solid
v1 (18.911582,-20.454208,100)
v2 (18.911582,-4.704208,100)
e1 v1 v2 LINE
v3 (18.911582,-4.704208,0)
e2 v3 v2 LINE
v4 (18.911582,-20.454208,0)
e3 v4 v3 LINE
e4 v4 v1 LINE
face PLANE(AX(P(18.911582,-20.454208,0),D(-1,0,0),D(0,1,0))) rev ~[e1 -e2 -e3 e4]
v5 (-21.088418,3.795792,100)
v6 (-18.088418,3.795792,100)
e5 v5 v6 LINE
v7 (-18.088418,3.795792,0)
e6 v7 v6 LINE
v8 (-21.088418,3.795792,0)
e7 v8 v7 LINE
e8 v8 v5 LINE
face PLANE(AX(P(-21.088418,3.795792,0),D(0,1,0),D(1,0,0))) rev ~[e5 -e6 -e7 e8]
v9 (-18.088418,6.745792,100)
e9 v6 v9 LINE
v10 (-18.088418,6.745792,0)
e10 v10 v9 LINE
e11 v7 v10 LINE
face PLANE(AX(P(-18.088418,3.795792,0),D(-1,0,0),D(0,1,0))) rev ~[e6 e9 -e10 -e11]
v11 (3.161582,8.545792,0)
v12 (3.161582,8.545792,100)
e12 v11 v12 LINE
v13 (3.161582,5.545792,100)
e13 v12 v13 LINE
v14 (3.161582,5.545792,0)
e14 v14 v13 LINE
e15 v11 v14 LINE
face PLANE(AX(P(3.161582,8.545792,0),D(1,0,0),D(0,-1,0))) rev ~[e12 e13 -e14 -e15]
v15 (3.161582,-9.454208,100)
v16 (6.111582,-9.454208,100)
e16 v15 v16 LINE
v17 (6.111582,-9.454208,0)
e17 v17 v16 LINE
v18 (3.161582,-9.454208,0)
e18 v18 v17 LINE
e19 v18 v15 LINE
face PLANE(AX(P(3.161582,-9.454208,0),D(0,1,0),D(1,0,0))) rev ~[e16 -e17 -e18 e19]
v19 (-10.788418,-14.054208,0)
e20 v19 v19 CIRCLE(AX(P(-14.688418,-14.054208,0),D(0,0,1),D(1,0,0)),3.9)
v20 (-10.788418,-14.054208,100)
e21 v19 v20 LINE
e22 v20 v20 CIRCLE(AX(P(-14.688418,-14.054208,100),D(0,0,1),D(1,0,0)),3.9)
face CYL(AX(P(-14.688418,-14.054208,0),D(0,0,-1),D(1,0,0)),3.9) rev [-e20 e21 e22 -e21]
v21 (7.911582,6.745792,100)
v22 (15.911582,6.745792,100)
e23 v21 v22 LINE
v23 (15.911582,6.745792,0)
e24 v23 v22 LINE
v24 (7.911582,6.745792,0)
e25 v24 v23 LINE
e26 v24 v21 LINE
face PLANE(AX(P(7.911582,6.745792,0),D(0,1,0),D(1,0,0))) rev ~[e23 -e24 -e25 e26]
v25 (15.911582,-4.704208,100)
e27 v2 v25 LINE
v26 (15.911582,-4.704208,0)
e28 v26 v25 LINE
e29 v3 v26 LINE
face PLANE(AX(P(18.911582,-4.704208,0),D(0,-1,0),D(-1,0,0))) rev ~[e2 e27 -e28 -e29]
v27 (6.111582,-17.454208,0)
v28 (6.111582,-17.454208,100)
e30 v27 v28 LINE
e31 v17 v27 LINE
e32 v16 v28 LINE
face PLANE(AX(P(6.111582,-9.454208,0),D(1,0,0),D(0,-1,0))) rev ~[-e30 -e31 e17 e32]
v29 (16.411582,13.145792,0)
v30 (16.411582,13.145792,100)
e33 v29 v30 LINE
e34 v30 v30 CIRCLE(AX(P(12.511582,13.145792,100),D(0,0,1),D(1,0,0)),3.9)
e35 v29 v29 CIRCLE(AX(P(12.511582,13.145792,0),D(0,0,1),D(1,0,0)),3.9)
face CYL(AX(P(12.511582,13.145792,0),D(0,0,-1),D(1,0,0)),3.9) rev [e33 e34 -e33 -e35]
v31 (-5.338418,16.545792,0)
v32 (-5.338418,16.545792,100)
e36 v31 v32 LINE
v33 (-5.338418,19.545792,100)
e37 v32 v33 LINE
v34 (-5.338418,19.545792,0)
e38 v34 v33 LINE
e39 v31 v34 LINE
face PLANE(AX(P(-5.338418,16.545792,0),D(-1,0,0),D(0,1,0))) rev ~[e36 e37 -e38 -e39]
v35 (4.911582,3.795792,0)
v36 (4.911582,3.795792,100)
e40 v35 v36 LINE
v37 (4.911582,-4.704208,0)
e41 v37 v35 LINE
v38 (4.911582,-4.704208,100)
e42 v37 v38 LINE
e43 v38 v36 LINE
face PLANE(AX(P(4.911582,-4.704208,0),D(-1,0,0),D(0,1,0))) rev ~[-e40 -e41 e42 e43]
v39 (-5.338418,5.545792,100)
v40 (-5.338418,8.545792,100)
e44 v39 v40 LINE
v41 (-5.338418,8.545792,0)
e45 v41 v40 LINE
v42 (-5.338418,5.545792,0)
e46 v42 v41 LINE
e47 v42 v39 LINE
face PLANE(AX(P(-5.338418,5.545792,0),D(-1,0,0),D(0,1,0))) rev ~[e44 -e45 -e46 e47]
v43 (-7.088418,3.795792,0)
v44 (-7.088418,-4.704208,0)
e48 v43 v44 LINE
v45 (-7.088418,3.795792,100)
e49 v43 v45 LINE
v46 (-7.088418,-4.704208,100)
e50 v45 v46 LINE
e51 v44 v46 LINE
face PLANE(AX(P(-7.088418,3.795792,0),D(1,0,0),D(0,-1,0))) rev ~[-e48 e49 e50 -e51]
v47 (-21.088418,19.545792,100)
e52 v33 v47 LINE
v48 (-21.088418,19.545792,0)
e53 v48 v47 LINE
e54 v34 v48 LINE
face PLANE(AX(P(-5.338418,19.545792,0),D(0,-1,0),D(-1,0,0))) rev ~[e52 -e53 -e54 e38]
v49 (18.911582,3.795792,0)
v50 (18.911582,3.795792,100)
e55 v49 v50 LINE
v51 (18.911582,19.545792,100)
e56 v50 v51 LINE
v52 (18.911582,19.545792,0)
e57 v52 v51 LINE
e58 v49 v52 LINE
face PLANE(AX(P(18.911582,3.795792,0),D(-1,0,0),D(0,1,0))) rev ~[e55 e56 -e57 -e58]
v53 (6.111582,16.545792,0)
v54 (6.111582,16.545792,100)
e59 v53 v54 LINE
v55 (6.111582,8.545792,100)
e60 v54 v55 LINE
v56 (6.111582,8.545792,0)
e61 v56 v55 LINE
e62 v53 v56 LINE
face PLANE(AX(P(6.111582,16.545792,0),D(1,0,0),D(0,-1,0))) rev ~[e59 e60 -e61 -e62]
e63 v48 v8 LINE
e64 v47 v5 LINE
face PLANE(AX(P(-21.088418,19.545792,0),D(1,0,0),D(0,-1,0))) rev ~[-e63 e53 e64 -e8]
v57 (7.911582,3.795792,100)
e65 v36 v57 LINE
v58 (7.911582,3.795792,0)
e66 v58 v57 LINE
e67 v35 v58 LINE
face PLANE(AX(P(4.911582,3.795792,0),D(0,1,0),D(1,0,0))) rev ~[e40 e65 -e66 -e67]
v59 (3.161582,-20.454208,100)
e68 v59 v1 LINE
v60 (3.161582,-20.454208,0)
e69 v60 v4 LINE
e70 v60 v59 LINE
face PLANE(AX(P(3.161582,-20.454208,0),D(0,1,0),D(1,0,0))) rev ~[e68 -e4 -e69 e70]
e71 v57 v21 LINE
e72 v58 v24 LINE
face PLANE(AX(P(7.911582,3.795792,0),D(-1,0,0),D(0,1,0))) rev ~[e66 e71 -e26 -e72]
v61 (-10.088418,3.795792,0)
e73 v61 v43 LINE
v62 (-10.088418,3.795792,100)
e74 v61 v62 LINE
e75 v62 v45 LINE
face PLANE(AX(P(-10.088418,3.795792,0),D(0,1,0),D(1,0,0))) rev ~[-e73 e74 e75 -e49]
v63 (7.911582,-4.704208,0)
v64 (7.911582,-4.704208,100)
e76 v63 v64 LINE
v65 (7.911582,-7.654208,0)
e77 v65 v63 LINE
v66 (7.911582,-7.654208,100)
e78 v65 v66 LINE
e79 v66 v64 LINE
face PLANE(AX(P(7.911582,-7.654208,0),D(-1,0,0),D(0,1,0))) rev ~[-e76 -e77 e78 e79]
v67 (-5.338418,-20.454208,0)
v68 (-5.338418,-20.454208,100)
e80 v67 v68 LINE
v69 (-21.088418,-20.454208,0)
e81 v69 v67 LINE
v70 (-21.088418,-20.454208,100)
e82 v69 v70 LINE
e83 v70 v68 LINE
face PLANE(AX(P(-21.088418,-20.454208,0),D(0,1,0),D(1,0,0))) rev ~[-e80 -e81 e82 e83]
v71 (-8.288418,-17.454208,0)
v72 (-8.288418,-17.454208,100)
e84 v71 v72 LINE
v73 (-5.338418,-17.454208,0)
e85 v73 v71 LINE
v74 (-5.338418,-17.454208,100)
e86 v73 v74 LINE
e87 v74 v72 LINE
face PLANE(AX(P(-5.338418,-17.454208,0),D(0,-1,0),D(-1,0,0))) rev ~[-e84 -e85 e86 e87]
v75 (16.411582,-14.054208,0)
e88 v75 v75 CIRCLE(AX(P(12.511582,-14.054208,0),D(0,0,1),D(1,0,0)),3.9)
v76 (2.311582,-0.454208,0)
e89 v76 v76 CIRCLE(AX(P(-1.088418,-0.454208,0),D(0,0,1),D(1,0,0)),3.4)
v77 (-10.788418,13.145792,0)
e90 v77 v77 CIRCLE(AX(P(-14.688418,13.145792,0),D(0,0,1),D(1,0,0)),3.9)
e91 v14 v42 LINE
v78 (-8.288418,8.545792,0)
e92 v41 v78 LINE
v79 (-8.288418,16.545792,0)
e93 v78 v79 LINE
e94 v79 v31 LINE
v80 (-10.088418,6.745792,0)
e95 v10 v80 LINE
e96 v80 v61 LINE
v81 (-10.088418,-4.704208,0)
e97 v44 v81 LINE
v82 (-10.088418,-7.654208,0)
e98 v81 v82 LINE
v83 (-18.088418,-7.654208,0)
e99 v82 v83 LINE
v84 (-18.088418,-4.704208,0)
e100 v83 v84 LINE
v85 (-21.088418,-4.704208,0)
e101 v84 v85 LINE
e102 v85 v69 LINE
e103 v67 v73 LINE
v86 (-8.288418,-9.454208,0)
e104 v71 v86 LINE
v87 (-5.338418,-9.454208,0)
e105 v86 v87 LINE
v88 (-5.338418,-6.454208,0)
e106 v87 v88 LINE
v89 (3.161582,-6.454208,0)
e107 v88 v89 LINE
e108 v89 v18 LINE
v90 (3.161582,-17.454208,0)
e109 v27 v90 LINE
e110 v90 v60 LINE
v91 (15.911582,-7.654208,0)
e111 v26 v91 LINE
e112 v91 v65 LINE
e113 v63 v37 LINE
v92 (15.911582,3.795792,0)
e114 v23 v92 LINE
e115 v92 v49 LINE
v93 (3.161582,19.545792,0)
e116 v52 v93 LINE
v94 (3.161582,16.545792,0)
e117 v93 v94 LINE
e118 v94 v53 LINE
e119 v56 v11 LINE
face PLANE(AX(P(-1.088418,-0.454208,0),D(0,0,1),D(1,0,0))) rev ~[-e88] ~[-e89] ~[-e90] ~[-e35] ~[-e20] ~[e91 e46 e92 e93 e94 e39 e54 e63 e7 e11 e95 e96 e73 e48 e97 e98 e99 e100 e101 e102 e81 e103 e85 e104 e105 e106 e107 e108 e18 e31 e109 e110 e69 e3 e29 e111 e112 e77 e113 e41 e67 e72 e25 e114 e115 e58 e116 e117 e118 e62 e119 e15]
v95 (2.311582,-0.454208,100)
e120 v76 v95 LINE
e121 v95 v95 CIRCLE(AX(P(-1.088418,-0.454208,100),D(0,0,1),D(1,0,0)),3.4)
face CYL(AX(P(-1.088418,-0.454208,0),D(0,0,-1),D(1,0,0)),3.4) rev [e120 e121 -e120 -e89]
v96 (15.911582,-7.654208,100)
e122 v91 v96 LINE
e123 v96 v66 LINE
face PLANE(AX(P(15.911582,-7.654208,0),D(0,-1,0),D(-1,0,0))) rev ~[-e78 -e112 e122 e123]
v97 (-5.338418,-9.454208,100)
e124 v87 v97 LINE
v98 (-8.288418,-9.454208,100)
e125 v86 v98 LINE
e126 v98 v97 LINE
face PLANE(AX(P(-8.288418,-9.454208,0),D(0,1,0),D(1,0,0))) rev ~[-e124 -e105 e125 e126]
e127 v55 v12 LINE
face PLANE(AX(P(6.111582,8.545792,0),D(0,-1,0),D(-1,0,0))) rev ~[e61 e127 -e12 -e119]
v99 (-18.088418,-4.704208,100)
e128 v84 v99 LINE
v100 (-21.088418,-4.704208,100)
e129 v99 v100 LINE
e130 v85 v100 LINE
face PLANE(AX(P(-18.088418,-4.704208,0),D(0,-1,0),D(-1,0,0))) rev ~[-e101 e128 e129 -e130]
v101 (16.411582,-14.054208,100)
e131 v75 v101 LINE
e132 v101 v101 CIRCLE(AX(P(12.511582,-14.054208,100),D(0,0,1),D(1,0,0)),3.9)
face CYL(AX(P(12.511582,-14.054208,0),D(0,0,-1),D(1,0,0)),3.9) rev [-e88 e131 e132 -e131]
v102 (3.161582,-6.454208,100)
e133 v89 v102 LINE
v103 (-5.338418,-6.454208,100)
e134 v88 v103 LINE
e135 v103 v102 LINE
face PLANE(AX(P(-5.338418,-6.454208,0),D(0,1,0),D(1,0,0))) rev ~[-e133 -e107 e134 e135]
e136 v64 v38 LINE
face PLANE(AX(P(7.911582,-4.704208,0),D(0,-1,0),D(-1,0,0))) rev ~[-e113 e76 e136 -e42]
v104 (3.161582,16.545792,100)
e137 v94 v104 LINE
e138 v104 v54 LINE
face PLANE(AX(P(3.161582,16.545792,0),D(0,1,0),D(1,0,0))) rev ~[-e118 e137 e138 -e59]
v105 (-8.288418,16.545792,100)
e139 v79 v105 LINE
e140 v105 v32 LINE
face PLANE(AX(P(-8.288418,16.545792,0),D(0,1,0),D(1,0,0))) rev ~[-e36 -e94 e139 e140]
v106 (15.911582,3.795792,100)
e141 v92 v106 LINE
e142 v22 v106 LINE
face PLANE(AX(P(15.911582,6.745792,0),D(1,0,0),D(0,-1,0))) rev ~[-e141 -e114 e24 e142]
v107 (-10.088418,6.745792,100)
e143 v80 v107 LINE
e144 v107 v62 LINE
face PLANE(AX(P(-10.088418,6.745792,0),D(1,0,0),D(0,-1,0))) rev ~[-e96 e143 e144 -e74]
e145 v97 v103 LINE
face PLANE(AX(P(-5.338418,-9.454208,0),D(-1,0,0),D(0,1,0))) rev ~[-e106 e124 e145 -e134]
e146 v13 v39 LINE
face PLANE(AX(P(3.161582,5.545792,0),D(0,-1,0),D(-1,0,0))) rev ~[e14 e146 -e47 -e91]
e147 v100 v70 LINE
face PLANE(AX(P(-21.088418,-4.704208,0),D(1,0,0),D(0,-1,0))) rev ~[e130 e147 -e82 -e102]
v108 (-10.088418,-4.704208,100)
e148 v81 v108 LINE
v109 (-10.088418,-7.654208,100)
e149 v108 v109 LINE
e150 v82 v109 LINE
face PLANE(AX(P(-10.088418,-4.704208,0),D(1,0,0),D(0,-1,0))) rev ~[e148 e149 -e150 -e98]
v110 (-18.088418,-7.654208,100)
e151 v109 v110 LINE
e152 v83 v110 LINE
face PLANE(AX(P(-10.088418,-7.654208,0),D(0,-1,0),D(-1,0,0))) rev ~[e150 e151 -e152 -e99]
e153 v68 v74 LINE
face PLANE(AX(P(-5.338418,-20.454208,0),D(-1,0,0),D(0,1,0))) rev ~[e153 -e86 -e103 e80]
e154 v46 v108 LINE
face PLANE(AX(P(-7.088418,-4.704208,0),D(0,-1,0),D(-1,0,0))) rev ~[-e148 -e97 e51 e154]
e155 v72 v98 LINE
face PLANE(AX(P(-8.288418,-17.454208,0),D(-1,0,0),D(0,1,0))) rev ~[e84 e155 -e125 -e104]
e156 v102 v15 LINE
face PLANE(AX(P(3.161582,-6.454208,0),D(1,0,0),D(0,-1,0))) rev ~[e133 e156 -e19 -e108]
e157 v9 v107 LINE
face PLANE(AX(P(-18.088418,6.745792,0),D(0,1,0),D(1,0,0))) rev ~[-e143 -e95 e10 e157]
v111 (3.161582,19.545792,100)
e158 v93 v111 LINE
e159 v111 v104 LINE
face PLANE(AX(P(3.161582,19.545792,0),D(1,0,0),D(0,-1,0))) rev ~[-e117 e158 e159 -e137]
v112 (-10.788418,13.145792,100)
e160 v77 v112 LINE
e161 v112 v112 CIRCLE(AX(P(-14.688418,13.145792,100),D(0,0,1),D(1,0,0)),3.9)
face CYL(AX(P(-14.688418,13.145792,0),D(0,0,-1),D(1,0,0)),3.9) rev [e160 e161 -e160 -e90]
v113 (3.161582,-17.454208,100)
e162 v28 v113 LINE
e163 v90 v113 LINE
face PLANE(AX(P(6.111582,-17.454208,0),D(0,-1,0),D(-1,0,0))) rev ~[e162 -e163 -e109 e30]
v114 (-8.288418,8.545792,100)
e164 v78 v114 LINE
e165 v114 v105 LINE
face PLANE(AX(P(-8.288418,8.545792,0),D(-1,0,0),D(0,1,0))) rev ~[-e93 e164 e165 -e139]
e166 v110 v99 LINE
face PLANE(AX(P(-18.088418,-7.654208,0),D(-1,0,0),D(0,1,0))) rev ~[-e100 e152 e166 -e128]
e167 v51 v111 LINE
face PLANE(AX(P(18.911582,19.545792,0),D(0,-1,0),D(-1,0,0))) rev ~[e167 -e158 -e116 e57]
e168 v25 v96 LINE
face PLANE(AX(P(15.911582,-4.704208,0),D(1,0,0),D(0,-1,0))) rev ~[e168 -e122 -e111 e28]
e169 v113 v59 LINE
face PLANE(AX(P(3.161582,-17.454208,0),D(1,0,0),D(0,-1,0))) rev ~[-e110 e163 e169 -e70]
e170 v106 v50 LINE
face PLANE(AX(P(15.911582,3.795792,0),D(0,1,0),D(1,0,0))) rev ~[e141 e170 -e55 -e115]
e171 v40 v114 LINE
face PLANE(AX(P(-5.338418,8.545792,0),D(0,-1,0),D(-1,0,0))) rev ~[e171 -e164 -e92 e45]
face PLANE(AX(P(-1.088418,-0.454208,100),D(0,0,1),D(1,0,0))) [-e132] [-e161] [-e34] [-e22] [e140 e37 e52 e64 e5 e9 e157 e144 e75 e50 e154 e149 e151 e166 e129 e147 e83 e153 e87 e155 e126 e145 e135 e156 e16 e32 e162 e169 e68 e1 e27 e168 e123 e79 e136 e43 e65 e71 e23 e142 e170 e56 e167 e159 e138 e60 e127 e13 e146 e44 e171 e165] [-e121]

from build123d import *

# Parameters (mm, degrees)
SKETCH_1_R      = 3.9
SKETCH_1_R_2    = 3.4
EXTRUDE_1_DEPTH = 100


with BuildPart() as part:
    # 草图1 → 凸台-拉伸1 (new body)
    with BuildSketch(Plane.XY):
        Polygon((-5.338418149, 19.545792426), (-21.088418149, 19.545792426), (-21.088418149, 3.795792426), (-18.088418149, 3.795792426), (-18.088418149, 6.745792426), (-10.088418149, 6.745792426), (-10.088418149, 3.795792426), (-7.088418149, 3.795792426), (-7.088418149, -4.704207574), (-10.088418149, -4.704207574), (-10.088418149, -7.654207574), (-18.088418149, -7.654207574), (-18.088418149, -4.704207574), (-21.088418149, -4.704207574), (-21.088418149, -20.454207574), (-5.338418149, -20.454207574), (-5.338418149, -17.454207574), (-8.288418149, -17.454207574), (-8.288418149, -9.454207574), (-5.338418149, -9.454207574), (-5.338418149, -6.454207574), (3.161581851, -6.454207574), (3.161581851, -9.454207574), (6.111581851, -9.454207574), (6.111581851, -17.454207574), (3.161581851, -17.454207574), (3.161581851, -20.454207574), (18.911581851, -20.454207574), (18.911581851, -4.704207574), (15.911581851, -4.704207574), (15.911581851, -7.654207574), (7.911581851, -7.654207574), (7.911581851, -4.704207574), (4.911581851, -4.704207574), (4.911581851, 3.795792426), (7.911581851, 3.795792426), (7.911581851, 6.745792426), (15.911581851, 6.745792426), (15.911581851, 3.795792426), (18.911581851, 3.795792426), (18.911581851, 19.545792426), (3.161581851, 19.545792426), (3.161581851, 16.545792426), (6.111581851, 16.545792426), (6.111581851, 8.545792426), (3.161581851, 8.545792426), (3.161581851, 5.545792426), (-5.338418149, 5.545792426), (-5.338418149, 8.545792426), (-8.288418149, 8.545792426), (-8.288418149, 16.545792426), (-5.338418149, 16.545792426), align=None)
        with Locations((-14.688418149, 13.145792426)):
            Circle(SKETCH_1_R, mode=Mode.SUBTRACT)
        with Locations((12.511581851, 13.145792426)):
            Circle(SKETCH_1_R, mode=Mode.SUBTRACT)
        with Locations((-14.688418149, -14.054207574)):
            Circle(SKETCH_1_R, mode=Mode.SUBTRACT)
        with Locations((12.511581851, -14.054207574)):
            Circle(SKETCH_1_R, mode=Mode.SUBTRACT)
        with Locations((-1.088418149, -0.454207574)):
            Circle(SKETCH_1_R_2, mode=Mode.SUBTRACT)
    extrude(amount=EXTRUDE_1_DEPTH)


solid = part.part
